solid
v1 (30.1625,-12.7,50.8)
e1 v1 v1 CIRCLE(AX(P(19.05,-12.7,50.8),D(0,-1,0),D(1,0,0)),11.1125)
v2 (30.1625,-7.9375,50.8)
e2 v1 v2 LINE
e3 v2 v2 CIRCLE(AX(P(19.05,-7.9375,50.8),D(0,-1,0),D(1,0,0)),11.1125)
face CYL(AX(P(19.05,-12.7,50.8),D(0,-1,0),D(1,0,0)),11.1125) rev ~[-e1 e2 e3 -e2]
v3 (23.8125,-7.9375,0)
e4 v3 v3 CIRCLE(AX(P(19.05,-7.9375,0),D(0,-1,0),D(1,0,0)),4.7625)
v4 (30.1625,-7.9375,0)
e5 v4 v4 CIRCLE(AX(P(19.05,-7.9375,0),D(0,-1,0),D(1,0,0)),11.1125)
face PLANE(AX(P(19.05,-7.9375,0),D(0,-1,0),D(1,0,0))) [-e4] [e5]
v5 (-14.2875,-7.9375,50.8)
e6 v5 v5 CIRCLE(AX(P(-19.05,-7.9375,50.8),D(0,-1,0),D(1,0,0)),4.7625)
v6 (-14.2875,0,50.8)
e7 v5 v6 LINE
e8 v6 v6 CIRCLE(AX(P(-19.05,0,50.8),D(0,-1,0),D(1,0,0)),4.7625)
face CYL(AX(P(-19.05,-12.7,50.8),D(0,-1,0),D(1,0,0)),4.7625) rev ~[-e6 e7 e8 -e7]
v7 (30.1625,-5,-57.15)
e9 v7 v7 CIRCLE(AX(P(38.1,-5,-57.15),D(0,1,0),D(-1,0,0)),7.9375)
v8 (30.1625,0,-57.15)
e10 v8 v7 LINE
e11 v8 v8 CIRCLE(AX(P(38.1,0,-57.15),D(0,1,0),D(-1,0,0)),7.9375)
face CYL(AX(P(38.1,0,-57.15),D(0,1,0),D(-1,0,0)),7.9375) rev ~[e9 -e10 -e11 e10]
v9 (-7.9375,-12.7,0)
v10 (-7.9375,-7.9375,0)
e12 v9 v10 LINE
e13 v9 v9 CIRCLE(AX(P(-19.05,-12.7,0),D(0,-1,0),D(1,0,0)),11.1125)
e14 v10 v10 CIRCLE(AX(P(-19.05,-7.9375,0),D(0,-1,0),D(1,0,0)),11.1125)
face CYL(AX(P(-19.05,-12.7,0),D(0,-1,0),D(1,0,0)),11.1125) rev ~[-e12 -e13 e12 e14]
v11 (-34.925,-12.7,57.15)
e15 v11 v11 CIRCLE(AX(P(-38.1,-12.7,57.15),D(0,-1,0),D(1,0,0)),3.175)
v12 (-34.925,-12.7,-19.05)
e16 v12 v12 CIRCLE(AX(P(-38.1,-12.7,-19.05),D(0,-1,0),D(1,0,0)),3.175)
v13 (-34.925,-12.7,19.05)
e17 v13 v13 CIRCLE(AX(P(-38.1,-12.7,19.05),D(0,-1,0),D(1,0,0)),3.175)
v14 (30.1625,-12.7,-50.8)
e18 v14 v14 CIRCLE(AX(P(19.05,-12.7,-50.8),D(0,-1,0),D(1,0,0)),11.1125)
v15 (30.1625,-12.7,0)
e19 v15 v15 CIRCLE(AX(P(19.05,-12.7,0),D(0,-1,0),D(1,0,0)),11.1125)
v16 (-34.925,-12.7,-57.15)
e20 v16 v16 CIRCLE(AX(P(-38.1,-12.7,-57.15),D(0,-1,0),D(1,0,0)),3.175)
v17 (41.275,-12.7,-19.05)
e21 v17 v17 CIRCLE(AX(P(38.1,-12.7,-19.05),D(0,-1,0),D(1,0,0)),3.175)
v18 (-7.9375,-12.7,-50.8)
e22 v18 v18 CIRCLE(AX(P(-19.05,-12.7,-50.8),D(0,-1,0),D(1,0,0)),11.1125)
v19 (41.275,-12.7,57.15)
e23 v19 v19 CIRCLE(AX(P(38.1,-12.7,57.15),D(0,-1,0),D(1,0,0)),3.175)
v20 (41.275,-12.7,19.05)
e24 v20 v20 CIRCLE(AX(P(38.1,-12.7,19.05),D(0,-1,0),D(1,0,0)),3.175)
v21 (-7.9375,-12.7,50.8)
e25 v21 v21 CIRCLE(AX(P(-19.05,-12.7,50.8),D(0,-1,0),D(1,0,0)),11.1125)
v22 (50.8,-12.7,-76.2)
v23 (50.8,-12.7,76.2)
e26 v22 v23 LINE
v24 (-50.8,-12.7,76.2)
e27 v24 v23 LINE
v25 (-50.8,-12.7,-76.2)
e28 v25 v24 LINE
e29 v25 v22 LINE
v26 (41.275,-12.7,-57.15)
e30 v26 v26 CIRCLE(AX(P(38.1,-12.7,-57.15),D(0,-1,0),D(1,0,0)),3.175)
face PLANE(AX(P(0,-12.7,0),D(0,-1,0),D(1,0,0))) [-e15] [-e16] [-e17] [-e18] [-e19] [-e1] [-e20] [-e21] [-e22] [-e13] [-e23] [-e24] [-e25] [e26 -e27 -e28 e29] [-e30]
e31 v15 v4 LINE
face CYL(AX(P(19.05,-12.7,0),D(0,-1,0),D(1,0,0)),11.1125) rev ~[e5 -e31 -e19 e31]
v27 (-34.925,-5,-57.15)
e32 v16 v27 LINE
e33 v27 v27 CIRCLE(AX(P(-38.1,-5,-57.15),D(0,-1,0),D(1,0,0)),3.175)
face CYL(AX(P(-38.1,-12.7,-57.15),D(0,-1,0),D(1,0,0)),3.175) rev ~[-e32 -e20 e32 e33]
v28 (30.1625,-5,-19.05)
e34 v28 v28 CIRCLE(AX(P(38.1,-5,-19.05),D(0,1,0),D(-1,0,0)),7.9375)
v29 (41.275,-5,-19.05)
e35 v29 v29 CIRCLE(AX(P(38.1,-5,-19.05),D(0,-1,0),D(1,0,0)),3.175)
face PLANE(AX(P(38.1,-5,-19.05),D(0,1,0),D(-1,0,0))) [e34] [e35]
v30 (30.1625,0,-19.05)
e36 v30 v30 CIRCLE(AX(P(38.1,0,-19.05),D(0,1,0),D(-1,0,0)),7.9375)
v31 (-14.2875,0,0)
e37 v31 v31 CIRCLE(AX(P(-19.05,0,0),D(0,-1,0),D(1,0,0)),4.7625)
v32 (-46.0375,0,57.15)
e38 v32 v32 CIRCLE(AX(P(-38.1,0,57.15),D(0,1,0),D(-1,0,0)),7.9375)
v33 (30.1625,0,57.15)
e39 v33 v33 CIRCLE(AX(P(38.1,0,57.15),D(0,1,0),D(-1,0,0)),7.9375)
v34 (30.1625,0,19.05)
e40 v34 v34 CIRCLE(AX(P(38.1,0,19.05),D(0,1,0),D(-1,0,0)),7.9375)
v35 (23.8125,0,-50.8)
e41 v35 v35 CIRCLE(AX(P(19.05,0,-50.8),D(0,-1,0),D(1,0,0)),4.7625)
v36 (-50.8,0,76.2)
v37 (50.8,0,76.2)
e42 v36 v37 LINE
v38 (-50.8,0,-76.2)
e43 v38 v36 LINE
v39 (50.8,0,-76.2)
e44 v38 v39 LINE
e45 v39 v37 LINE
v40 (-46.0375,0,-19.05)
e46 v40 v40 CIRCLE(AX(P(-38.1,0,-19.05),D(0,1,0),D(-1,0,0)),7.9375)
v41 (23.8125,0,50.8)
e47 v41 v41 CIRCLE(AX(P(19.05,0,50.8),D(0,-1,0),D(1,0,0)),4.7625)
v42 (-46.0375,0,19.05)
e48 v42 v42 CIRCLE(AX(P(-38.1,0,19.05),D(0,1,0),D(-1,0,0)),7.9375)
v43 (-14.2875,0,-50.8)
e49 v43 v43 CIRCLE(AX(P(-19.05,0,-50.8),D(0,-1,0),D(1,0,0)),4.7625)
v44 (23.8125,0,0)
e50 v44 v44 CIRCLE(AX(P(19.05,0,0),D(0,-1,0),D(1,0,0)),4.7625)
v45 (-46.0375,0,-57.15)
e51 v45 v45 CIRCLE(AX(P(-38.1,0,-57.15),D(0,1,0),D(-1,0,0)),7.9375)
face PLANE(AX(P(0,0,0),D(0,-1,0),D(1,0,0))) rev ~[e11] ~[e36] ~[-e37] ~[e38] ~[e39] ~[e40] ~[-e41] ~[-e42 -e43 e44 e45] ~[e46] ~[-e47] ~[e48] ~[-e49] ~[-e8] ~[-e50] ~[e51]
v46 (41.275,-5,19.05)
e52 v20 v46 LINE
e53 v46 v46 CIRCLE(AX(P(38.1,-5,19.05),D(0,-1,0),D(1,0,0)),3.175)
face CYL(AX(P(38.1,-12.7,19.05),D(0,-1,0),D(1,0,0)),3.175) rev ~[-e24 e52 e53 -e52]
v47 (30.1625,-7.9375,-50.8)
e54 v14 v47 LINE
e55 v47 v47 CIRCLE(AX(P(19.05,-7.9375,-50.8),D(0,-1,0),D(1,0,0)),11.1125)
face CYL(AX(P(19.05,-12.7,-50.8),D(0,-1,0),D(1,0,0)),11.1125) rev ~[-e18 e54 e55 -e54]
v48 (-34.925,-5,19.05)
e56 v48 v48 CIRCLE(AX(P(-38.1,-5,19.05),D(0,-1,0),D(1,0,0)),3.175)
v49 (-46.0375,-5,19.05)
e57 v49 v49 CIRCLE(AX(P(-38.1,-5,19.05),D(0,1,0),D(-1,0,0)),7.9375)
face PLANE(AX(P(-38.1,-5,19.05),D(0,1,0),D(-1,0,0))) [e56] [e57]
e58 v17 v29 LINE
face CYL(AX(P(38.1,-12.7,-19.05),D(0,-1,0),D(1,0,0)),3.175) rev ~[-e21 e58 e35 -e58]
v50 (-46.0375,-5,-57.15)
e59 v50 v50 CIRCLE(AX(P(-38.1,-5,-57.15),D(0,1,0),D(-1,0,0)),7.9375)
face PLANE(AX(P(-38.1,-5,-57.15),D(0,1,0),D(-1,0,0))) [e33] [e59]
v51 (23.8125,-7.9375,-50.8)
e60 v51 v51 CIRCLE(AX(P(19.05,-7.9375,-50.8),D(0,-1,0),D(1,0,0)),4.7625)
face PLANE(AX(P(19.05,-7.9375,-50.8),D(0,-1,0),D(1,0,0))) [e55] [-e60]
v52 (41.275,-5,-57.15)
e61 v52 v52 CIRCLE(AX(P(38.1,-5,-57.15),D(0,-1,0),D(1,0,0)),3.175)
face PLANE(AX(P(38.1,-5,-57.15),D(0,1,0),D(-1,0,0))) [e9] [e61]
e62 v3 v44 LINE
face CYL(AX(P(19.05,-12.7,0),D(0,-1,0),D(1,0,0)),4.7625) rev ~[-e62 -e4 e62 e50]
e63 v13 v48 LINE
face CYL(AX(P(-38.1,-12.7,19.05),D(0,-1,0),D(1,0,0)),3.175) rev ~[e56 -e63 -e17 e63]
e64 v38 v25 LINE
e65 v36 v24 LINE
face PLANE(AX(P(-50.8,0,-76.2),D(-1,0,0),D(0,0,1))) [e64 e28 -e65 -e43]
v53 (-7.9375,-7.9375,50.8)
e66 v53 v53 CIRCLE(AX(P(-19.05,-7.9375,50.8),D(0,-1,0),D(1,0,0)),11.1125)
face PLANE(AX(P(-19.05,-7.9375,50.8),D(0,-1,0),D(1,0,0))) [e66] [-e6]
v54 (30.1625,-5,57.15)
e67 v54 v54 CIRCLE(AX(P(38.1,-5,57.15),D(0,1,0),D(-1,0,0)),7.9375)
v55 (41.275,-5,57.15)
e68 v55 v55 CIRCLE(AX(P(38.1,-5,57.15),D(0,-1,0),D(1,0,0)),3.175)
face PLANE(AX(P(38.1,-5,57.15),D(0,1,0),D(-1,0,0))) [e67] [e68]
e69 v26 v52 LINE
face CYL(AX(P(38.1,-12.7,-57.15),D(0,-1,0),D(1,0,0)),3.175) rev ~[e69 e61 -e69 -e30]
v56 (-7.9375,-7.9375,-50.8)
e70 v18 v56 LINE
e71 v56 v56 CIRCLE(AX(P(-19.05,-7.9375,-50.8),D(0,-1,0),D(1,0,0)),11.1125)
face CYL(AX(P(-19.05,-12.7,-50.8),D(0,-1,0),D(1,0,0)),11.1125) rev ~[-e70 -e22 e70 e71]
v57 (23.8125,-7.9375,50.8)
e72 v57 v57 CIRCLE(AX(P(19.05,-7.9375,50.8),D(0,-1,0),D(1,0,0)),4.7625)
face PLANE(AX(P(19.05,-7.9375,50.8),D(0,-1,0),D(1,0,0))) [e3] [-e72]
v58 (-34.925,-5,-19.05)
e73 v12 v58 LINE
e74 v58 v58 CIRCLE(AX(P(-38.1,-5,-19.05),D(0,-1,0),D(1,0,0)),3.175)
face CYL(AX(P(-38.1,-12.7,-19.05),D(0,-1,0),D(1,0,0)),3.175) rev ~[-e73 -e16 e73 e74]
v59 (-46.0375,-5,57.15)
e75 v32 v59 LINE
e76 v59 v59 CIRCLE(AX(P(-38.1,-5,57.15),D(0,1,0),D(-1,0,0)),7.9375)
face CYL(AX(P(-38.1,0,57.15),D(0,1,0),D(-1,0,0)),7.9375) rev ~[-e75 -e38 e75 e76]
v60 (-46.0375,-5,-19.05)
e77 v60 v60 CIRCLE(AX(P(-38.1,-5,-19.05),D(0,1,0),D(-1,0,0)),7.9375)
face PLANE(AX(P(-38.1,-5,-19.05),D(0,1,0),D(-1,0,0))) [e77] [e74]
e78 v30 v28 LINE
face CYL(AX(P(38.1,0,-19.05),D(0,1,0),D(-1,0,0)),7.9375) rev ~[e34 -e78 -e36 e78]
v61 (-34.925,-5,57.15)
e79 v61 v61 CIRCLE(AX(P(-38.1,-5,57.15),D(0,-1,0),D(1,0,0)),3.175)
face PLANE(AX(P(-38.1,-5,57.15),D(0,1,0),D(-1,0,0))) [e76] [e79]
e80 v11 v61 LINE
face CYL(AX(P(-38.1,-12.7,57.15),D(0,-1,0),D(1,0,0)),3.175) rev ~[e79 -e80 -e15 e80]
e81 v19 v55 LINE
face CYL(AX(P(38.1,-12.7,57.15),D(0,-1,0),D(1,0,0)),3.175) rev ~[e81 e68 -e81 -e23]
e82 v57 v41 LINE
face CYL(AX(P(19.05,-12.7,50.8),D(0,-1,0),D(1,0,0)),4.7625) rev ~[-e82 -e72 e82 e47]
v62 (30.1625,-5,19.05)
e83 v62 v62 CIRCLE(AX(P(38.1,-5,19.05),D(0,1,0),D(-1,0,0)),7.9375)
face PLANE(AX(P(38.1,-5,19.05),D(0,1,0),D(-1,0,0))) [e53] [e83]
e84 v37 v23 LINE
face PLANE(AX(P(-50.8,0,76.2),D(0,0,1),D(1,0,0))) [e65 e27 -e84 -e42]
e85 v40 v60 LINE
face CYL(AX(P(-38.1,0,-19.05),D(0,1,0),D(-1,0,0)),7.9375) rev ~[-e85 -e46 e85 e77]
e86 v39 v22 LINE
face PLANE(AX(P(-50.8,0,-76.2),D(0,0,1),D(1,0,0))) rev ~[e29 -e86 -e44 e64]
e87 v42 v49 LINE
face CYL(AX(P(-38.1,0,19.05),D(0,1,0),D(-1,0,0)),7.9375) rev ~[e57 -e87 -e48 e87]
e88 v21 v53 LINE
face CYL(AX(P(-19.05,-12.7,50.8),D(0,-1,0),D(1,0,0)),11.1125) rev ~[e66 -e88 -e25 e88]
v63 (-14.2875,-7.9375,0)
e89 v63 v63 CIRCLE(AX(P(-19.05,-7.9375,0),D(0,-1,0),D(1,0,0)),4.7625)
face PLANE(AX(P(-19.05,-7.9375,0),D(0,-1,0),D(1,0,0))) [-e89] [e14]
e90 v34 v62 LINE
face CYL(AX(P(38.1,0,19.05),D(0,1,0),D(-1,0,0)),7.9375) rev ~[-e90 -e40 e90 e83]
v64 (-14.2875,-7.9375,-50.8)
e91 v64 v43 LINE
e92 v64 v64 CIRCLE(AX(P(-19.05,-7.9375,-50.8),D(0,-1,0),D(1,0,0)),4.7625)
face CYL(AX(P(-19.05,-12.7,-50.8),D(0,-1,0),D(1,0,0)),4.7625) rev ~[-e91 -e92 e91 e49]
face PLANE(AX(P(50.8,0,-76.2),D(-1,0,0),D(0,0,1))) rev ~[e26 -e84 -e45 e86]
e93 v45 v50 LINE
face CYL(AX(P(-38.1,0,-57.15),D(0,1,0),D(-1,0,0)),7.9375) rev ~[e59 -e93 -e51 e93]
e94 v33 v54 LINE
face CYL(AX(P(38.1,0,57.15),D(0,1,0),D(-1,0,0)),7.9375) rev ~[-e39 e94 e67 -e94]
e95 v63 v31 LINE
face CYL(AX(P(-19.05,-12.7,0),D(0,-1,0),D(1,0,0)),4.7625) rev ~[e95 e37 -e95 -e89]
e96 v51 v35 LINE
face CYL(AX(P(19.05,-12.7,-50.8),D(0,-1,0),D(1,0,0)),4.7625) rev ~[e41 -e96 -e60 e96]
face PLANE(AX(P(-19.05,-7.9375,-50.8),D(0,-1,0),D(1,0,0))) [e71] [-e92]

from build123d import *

# Parameters (mm, degrees)
F0_W     = 101.6
F0_H     = 152.4
F1_DEPTH = 12.7
F2_R     = 3.175
F3_DEPTH = 12.701
F4_R     = 7.9375
F5_DEPTH = 5
F6_R     = 4.7625
F7_DEPTH = 12.701
F8_R     = 11.1125
F9_DEPTH = 4.7625


with BuildPart() as f1:
    # F0 (on Front) → F1 (new body)
    with BuildSketch(Plane.XZ):
        Rectangle(F0_W, F0_H)
    extrude(amount=F1_DEPTH)

    # F2 (on face) → F3 (cut, through all)
    with BuildSketch(Plane.XZ.offset(12.7)):
        with Locations((-38.1, 57.15)):
            Circle(F2_R)
        with Locations((-38.1, 19.05)):
            Circle(F2_R)
        with Locations((-38.1, -19.05)):
            Circle(F2_R)
        with Locations((-38.1, -57.15)):
            Circle(F2_R)
        with Locations((38.1, 57.15)):
            Circle(F2_R)
        with Locations((38.1, 19.05)):
            Circle(F2_R)
        with Locations((38.1, -19.05)):
            Circle(F2_R)
        with Locations((38.1, -57.15)):
            Circle(F2_R)
    extrude(amount=-F3_DEPTH, mode=Mode.SUBTRACT)

    # F4 (on face) → F5 (cut)
    with BuildSketch(Plane(origin=(0, 0, 0), x_dir=(-1, 0, 0), z_dir=(0, 1, 0))):
        with Locations((-38.1, 57.15)):
            Circle(F4_R)
        with Locations((-38.1, 19.05)):
            Circle(F4_R)
        with Locations((-38.1, -19.05)):
            Circle(F4_R)
        with Locations((-38.1, -57.15)):
            Circle(F4_R)
        with Locations((38.1, 57.15)):
            Circle(F4_R)
        with Locations((38.1, 19.05)):
            Circle(F4_R)
        with Locations((38.1, -19.05)):
            Circle(F4_R)
        with Locations((38.1, -57.15)):
            Circle(F4_R)
    extrude(amount=-F5_DEPTH, mode=Mode.SUBTRACT)

    # F6 (on face) → F7 (cut, through all)
    with BuildSketch(Plane.XZ.offset(12.7)):
        with Locations((-19.05, 50.8)):
            Circle(F6_R)
        with Locations((-19.05, 0)):
            Circle(F6_R)
        with Locations((-19.05, -50.8)):
            Circle(F6_R)
        with Locations((19.05, 50.8)):
            Circle(F6_R)
        with Locations((19.05, 0)):
            Circle(F6_R)
        with Locations((19.05, -50.8)):
            Circle(F6_R)
    extrude(amount=-F7_DEPTH, mode=Mode.SUBTRACT)

    # F8 (on face) → F9 (cut)
    with BuildSketch(Plane.XZ.offset(12.7)):
        with Locations((-19.05, 50.8)):
            Circle(F8_R)
        with Locations((-19.05, 0)):
            Circle(F8_R)
        with Locations((-19.05, -50.8)):
            Circle(F8_R)
        with Locations((19.05, 50.8)):
            Circle(F8_R)
        with Locations((19.05, 0)):
            Circle(F8_R)
        with Locations((19.05, -50.8)):
            Circle(F8_R)
    extrude(amount=-F9_DEPTH, mode=Mode.SUBTRACT)


solid = f1.part
